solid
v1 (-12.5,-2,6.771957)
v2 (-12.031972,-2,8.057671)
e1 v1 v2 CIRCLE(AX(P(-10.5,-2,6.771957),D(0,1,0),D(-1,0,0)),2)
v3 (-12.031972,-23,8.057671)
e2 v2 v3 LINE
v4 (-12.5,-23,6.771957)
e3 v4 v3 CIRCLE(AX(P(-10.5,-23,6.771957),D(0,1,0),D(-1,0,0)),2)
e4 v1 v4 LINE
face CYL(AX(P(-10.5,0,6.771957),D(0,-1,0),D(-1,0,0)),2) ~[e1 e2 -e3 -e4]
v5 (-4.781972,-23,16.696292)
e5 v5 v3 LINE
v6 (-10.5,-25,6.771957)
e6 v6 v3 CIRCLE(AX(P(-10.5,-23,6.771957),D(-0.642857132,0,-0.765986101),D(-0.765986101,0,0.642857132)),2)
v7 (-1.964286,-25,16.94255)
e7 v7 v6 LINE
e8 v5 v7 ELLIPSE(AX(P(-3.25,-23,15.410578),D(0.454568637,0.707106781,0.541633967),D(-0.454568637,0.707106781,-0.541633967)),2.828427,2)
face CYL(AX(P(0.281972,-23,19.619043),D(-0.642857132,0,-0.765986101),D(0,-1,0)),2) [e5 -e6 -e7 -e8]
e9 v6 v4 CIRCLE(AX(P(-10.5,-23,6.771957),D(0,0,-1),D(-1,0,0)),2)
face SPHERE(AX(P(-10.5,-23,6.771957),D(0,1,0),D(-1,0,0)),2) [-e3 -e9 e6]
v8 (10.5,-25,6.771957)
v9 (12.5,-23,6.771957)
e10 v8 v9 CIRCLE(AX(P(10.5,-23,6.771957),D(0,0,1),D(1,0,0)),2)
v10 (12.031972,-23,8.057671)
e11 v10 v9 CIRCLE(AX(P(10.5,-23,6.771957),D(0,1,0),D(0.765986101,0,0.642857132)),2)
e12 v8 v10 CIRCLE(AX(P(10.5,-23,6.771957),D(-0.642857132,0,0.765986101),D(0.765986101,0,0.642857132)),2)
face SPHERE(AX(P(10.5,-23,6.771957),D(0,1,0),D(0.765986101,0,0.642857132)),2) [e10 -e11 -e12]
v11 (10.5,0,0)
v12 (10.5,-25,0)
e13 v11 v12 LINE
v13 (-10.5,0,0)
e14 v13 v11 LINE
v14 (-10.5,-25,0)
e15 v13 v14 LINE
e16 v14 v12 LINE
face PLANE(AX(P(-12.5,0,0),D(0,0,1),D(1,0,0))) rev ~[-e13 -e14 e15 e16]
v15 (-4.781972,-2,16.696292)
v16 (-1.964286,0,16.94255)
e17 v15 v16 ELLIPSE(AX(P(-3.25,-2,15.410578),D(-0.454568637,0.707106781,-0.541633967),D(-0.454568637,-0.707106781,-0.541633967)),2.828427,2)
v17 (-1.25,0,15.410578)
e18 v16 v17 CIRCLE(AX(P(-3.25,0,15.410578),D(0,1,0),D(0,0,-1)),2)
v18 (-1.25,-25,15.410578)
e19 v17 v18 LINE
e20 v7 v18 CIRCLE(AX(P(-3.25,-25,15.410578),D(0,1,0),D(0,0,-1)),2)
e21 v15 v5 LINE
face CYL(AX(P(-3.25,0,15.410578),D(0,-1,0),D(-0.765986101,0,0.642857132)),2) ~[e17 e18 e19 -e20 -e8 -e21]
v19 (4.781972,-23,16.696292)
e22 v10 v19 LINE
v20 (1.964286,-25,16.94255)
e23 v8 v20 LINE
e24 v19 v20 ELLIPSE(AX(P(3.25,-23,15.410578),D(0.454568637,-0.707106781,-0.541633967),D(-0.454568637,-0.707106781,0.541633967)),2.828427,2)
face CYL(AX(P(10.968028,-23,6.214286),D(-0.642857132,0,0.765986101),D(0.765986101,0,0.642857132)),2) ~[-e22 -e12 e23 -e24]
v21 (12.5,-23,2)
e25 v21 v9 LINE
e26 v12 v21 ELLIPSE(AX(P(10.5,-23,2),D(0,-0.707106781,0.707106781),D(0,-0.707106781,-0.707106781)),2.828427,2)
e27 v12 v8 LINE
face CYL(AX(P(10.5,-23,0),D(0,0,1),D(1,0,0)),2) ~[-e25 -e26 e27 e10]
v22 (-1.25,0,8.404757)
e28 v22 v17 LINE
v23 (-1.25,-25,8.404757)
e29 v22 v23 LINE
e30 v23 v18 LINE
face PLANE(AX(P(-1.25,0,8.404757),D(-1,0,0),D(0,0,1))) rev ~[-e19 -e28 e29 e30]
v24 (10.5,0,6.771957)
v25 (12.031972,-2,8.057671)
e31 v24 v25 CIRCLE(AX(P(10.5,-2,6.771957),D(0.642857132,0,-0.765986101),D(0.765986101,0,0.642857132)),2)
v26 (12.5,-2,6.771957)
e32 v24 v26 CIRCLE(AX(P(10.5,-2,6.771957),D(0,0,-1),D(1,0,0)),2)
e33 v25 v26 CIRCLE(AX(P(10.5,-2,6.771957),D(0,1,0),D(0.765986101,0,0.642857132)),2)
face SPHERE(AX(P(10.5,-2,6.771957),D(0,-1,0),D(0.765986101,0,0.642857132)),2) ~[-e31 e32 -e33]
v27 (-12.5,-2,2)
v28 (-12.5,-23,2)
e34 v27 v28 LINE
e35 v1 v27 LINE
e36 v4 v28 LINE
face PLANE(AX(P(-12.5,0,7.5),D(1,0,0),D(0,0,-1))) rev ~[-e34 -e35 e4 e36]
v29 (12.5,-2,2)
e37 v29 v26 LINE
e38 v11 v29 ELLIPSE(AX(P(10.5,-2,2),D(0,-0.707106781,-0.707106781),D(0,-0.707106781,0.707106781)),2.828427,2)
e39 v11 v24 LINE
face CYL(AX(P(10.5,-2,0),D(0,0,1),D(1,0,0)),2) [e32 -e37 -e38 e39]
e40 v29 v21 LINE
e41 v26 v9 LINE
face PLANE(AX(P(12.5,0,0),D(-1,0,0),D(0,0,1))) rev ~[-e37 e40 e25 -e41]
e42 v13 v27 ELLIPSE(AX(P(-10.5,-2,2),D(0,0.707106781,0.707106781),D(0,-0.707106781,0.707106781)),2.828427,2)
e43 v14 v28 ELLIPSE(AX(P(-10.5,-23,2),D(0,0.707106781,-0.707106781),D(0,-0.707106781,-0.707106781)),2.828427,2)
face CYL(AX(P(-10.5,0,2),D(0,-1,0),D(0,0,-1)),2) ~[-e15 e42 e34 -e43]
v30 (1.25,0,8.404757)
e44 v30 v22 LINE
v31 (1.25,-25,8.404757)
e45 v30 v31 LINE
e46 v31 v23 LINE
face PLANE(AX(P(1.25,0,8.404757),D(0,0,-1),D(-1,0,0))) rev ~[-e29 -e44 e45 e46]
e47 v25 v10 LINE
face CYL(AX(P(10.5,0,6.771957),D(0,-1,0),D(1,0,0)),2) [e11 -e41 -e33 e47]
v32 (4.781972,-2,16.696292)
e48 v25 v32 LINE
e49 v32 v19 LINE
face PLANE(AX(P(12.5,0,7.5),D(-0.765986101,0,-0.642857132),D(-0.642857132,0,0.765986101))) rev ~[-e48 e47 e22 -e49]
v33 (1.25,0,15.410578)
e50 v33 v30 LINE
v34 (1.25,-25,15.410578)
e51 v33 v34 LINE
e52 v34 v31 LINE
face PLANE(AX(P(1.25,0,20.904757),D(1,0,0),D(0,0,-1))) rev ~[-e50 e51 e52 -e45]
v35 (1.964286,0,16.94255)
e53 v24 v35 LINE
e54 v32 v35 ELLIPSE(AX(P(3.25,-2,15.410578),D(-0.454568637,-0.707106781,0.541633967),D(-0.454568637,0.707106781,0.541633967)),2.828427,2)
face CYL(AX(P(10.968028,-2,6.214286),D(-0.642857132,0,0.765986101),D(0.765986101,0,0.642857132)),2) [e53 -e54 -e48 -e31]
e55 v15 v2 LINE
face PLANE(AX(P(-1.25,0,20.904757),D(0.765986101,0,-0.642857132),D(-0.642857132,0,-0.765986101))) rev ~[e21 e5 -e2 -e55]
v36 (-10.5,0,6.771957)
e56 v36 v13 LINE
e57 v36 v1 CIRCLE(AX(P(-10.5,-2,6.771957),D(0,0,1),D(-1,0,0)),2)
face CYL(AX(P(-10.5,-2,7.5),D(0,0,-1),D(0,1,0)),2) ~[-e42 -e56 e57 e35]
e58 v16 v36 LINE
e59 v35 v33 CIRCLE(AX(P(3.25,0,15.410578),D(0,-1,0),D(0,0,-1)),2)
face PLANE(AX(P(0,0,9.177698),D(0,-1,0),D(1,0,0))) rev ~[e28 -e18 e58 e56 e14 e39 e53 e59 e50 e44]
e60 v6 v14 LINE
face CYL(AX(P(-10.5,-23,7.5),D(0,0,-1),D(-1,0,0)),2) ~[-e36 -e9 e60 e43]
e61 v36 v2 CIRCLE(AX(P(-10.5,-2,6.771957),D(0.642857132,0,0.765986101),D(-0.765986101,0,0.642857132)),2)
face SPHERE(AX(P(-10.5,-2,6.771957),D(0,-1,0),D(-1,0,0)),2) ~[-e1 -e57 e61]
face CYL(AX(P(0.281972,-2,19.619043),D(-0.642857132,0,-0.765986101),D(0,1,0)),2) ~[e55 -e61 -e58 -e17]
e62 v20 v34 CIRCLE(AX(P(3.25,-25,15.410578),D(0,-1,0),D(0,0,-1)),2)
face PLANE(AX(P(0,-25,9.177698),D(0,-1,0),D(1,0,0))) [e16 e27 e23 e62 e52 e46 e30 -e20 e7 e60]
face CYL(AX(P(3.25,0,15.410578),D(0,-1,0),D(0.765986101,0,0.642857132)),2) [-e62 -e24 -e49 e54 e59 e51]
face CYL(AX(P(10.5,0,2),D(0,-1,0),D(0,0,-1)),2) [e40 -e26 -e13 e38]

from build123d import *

# Parameters (mm, degrees)
F1_DEPTH = 25
F2_R     = 2
F3_R     = 2


with BuildPart() as f1:
    # F0 (on Front) → F1 (new body)
    with BuildSketch(Plane.XZ):
        Polygon((-12.5, 7.5), (-12.5, 0), (12.5, 0), (12.5, 7.5), (1.25, 20.904757), (1.25, 8.404757), (-1.25, 8.404757), (-1.25, 20.904757), align=None)
    extrude(amount=F1_DEPTH)

    # F2
    f2_edges = [f1.edges().sort_by_distance(p)[0] for p in [
        (12.5, -12.5, 7.5),
        (1.25, -12.5, 20.904757),
        (6.875, 0, 14.202378),
        (6.875, -25, 14.202378),
        (12.5, -12.5, 0),
        (12.5, 0, 3.75),
        (12.5, -25, 3.75),
    ]]
    fillet(f2_edges, radius=F2_R)

    # F3
    f3_edges = [f1.edges().sort_by_distance(p)[0] for p in [
        (-12.5, -12.5, 7.5),
        (-12.5, -12.5, 0),
        (-12.5, 0, 3.75),
        (-12.5, -25, 3.75),
        (-1.25, -12.5, 20.904757),
        (-6.875, 0, 14.202378),
        (-6.875, -25, 14.202378),
    ]]
    fillet(f3_edges, radius=F3_R)


solid = f1.part
